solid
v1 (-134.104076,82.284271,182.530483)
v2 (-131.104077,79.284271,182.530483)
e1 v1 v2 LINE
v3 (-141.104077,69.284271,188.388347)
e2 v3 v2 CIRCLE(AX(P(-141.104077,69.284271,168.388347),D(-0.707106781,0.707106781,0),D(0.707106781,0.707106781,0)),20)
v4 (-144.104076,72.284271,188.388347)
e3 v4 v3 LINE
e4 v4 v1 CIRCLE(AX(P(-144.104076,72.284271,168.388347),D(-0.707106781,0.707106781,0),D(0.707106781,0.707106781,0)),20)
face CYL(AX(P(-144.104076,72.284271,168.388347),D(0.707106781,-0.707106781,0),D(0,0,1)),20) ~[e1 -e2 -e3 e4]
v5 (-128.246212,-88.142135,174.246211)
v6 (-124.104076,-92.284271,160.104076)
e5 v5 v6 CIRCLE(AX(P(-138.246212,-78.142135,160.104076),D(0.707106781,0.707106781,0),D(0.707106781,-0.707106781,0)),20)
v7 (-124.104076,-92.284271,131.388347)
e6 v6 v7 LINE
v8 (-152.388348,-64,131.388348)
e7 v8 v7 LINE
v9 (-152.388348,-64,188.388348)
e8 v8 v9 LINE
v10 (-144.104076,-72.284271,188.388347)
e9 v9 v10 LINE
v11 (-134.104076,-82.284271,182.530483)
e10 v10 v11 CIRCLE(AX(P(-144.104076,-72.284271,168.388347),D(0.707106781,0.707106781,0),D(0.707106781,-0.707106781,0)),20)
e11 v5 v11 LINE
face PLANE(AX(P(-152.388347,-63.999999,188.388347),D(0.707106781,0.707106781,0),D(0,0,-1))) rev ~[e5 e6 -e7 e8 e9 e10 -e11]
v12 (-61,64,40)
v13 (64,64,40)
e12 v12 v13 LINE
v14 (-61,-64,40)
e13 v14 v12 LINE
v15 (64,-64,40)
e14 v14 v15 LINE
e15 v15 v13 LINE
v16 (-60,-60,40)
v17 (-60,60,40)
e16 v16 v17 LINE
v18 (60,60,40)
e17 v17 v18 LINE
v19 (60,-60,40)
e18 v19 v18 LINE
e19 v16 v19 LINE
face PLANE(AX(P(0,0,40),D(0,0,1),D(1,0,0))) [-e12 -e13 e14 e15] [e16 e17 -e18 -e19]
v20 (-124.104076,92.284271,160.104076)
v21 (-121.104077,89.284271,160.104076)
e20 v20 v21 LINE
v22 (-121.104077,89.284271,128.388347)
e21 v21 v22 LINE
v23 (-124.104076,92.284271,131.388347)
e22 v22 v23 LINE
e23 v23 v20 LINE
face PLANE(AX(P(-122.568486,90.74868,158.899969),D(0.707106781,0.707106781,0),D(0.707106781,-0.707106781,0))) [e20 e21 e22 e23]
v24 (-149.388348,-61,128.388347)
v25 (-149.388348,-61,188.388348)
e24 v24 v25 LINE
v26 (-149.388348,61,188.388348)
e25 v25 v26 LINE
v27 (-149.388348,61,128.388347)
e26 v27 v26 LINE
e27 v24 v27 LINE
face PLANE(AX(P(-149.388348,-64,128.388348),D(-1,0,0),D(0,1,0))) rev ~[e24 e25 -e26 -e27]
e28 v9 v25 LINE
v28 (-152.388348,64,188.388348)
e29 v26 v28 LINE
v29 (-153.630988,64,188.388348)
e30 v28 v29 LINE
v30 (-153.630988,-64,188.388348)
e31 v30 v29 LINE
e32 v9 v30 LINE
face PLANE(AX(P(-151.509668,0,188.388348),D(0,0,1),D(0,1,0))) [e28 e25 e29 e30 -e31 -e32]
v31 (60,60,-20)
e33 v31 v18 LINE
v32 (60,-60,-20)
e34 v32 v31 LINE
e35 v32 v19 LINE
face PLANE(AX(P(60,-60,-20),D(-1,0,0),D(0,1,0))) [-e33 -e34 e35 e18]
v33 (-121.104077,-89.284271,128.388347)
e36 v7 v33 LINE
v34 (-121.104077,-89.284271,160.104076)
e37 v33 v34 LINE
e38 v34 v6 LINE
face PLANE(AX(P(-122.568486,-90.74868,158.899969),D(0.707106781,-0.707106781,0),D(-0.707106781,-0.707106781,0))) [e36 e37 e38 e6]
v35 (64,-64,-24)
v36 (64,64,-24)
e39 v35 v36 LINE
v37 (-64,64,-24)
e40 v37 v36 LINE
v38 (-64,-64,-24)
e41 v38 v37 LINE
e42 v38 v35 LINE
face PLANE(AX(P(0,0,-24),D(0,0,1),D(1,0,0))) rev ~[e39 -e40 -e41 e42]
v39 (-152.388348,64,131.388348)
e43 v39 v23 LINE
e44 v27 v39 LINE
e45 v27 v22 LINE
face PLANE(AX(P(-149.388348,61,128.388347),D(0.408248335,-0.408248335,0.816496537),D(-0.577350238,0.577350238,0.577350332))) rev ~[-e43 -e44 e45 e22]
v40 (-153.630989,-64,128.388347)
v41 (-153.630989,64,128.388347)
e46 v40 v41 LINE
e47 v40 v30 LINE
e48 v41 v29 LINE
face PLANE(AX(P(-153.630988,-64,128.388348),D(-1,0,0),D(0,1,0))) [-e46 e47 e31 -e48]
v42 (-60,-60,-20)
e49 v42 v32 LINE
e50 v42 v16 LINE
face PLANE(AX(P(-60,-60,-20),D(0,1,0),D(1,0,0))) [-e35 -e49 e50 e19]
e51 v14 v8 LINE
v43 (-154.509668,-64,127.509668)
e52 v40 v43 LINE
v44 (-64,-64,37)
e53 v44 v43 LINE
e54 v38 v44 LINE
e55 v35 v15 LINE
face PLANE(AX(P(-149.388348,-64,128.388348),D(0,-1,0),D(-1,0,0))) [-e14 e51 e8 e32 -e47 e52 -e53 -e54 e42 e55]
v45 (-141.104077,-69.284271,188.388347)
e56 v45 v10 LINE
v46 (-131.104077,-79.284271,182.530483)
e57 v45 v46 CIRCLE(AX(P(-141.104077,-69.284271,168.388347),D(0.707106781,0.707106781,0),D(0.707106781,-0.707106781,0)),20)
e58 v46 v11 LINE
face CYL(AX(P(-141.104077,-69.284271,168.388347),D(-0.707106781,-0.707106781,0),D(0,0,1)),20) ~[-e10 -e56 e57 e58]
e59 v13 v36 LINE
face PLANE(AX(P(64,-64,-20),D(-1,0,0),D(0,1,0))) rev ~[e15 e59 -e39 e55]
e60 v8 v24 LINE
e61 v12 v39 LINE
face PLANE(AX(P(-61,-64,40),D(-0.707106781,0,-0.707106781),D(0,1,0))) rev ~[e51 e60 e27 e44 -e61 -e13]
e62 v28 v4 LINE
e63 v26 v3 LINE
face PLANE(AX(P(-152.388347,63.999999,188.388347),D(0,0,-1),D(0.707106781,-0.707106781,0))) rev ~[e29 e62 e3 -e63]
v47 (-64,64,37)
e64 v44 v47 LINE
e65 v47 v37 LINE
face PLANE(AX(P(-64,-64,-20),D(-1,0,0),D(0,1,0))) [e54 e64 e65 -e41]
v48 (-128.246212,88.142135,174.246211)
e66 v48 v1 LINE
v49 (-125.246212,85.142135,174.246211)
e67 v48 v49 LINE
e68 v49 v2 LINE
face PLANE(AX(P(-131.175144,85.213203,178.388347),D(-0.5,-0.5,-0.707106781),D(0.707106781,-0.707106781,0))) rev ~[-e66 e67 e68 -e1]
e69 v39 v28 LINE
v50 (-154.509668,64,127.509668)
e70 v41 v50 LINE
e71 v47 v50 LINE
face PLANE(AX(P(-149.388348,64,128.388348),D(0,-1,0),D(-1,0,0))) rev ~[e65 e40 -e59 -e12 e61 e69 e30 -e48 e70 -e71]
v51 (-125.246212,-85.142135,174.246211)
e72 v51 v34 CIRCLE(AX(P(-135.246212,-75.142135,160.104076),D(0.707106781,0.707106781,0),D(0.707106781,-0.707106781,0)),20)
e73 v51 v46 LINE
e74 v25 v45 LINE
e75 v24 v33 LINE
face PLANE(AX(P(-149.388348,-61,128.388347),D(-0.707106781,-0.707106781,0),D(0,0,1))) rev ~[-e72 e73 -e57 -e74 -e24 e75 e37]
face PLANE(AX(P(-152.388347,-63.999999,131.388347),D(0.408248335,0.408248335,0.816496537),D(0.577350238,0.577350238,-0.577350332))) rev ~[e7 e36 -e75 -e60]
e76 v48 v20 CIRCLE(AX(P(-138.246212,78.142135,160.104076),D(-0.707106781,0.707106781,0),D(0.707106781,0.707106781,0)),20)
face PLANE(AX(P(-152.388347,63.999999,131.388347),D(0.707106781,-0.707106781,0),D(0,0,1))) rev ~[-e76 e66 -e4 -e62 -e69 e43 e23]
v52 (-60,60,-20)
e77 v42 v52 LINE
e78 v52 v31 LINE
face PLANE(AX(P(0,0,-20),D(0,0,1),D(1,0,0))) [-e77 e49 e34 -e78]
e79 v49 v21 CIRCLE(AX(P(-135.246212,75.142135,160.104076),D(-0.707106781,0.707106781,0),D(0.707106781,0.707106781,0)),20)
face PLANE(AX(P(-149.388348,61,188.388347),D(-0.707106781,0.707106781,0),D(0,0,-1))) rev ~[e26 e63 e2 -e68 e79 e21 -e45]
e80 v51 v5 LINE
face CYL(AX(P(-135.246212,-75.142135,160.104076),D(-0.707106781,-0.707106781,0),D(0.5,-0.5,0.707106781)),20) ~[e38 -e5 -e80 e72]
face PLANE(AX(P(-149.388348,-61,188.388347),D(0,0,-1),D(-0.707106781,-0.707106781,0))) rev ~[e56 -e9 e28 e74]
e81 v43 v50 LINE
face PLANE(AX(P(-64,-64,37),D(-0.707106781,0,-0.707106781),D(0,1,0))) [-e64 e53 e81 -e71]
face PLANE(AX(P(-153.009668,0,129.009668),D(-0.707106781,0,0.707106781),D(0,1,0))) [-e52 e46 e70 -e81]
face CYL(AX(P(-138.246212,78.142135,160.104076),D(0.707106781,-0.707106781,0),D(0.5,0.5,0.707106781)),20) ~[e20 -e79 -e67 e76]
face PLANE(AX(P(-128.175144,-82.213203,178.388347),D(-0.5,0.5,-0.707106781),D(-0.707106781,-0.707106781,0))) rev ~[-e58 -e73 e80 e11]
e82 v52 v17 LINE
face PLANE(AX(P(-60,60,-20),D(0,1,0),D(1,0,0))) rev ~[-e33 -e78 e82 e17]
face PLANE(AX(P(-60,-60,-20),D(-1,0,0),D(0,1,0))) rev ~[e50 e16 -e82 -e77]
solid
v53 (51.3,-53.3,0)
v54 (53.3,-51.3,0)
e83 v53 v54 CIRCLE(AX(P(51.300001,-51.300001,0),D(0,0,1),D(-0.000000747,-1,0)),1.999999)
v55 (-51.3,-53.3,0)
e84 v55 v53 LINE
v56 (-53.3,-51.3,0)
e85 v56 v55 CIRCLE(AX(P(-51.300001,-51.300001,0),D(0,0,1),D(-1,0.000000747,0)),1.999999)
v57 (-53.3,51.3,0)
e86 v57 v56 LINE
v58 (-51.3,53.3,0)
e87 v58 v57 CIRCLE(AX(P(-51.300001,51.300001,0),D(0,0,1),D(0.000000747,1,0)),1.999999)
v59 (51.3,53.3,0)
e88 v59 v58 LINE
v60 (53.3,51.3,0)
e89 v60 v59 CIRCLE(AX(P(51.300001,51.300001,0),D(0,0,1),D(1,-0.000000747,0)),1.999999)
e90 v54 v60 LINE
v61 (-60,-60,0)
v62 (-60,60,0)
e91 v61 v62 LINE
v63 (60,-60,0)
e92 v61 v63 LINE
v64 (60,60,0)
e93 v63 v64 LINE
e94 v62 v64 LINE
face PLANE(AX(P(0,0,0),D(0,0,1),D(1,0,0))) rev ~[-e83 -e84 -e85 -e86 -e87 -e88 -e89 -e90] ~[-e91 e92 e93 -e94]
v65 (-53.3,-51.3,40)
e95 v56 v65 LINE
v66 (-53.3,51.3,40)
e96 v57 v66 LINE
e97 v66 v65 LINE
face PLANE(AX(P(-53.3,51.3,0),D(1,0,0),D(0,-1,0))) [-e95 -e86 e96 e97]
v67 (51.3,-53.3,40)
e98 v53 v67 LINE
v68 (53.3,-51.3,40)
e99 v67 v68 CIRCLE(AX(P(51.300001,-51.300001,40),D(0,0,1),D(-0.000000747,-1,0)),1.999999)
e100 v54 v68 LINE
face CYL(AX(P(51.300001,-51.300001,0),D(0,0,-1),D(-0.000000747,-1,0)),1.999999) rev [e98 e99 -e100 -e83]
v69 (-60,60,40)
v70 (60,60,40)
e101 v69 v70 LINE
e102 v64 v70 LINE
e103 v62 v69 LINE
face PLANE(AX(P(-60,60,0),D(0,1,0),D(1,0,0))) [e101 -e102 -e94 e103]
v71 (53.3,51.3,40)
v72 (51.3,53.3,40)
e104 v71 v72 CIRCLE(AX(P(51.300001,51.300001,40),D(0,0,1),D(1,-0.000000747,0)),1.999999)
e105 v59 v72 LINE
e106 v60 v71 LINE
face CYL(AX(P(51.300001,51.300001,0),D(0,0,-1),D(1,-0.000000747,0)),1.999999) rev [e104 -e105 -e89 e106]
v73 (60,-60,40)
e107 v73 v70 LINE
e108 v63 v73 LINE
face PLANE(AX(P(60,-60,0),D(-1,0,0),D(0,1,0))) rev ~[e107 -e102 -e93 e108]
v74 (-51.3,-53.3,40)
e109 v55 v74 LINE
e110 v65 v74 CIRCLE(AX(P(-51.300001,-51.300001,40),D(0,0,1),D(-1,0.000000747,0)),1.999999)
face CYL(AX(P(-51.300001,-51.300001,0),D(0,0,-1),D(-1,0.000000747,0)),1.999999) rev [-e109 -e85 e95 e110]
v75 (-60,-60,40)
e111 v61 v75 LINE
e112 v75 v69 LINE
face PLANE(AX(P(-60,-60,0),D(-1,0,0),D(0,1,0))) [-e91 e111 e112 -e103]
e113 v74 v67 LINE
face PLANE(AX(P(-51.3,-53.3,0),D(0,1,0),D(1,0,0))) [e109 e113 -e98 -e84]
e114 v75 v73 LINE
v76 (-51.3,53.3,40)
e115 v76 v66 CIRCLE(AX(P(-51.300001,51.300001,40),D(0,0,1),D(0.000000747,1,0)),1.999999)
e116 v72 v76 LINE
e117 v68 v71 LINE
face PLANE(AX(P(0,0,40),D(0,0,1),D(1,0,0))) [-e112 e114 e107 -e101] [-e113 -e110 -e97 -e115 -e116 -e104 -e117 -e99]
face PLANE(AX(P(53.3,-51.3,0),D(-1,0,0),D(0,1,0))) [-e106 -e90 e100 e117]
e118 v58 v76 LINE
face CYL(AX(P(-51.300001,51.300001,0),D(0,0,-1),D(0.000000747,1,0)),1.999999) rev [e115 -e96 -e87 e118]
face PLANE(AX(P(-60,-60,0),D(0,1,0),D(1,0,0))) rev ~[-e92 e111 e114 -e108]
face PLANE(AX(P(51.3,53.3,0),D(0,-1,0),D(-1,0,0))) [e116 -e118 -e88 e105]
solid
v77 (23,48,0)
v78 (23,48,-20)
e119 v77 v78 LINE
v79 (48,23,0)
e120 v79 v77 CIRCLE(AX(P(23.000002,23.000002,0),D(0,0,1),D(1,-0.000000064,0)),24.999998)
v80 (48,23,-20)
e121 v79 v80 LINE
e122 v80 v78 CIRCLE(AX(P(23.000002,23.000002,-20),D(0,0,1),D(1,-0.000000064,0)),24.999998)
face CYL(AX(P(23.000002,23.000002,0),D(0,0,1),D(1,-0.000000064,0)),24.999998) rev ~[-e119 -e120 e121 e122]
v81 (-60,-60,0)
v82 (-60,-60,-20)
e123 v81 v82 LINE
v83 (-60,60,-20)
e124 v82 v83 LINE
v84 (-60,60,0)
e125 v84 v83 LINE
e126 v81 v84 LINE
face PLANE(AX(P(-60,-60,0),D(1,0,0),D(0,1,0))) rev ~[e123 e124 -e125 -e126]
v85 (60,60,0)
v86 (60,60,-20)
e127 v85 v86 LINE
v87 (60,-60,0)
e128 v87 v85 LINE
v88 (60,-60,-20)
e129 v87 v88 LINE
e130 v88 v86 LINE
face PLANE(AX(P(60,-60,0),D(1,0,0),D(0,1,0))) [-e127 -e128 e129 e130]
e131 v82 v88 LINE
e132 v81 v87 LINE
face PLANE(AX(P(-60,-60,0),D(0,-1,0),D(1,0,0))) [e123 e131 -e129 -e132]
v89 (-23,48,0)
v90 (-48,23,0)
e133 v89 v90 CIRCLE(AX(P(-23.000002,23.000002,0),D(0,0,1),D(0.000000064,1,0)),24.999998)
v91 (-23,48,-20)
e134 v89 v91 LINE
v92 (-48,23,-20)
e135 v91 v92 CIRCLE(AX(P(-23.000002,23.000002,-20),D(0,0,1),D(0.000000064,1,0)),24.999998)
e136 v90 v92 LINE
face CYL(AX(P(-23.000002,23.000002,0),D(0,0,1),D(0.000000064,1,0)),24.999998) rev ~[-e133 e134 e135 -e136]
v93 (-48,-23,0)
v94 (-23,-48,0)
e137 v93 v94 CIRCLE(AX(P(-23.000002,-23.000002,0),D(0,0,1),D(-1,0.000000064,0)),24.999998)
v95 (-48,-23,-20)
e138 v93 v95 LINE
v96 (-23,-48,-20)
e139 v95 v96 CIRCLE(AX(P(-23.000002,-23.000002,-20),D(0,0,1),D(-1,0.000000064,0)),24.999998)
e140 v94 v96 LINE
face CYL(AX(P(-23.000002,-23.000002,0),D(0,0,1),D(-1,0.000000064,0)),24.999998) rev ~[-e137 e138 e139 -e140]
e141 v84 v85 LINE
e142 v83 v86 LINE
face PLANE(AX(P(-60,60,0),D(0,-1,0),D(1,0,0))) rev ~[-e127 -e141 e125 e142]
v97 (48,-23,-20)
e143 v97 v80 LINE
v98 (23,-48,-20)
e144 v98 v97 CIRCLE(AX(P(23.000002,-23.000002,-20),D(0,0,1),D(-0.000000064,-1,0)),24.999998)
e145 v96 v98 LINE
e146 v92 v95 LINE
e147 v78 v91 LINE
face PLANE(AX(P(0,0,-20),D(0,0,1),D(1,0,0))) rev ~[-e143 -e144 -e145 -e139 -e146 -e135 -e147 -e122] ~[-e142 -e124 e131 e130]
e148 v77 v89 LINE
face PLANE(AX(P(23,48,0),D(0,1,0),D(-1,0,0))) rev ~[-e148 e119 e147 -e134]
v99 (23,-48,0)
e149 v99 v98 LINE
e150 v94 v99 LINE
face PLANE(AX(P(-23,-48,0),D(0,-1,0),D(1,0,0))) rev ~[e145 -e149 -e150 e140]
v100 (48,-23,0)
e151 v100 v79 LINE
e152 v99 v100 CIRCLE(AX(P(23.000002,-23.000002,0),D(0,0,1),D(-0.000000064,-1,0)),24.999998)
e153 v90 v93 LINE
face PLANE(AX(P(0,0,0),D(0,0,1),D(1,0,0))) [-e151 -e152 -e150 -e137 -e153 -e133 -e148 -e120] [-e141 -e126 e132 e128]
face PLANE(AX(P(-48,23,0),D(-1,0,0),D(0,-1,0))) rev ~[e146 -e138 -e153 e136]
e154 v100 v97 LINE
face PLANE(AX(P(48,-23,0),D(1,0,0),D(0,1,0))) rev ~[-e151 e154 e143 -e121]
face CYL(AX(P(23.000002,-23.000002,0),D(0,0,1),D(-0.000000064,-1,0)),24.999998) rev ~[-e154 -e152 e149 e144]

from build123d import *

# Parameters (mm, degrees)
SKETCH_W           = 120
SKETCH_H           = 120
PAD_DEPTH          = 40
SKETCH001_W        = 120
SKETCH001_H        = 120
PAD001_DEPTH       = 20
SKETCH002_W        = 128
SKETCH002_H        = 128
PAD002_DEPTH       = 4
SKETCH003_W        = 128
SKETCH003_H        = 128
SKETCH003_W_2      = 120
SKETCH003_H_2      = 120
PAD003_DEPTH       = 60
CHAMFER_SIZE       = 3
CHAMFER_FACE3_W    = 128
CHAMFER_FACE3_H    = 4.24264
PAD004_DEPTH       = 128
CHAMFER001_SIZE    = 3
CHAMFER001_FACE3_W = 128
CHAMFER001_FACE3_H = 4.24264
PAD005_DEPTH       = 60
CHAMFER002_SIZE    = 3
PAD006_DEPTH       = 40
PAD007_DEPTH       = 40
CHAMFER003_SIZE    = 20
FILLET_R           = 20


with BuildPart() as upper:
    # Sketch → Pad (new body)
    with BuildSketch(Plane.XY):
        Rectangle(SKETCH_W, SKETCH_H)
        with BuildLine():
            Line((-51.3, -53.3), (51.3, -53.3))
            ThreePointArc((51.3, -53.3), (52.714214, -52.714214), (53.3, -51.3))
            Line((53.3, -51.3), (53.3, 51.3))
            ThreePointArc((53.3, 51.3), (52.714214, 52.714214), (51.3, 53.3))
            Line((51.3, 53.3), (-51.3, 53.3))
            ThreePointArc((-51.3, 53.3), (-52.714214, 52.714214), (-53.3, 51.3))
            Line((-53.3, 51.3), (-53.3, -51.3))
            ThreePointArc((-53.3, -51.3), (-52.714214, -52.714214), (-51.3, -53.3))
        make_face(mode=Mode.SUBTRACT)
    extrude(amount=PAD_DEPTH)


with BuildPart() as lower:
    # Sketch001 → Pad001 (new body)
    with BuildSketch(Plane.XY):
        Rectangle(SKETCH001_W, SKETCH001_H)
        with BuildLine():
            Line((-23, -48), (23, -48))
            ThreePointArc((23, -48), (40.67767, -40.67767), (48, -23))
            Line((48, -23), (48, 23))
            ThreePointArc((48, 23), (40.67767, 40.67767), (23, 48))
            Line((23, 48), (-23, 48))
            ThreePointArc((-23, 48), (-40.67767, 40.67767), (-48, 23))
            Line((-48, 23), (-48, -23))
            ThreePointArc((-48, -23), (-40.67767, -40.67767), (-23, -48))
        make_face(mode=Mode.SUBTRACT)
    extrude(amount=-PAD001_DEPTH)


with BuildPart() as cardboard:
    # Sketch002 → Pad002 (new body)
    with BuildSketch(Plane.XY.offset(-20)):
        Rectangle(SKETCH002_W, SKETCH002_H)
    extrude(amount=-PAD002_DEPTH)

    # Sketch003 (on Face5 of Pad002) → Pad003 (join)
    with BuildSketch(Plane.XY.offset(-20)):
        Rectangle(SKETCH003_W, SKETCH003_H)
        Rectangle(SKETCH003_W_2, SKETCH003_H_2, mode=Mode.SUBTRACT)
    extrude(amount=PAD003_DEPTH)

    # Chamfer
    chamfer_edges = [cardboard.edges().sort_by_distance(p)[0] for p in [
        (-64, 0, 40),
    ]]
    chamfer(chamfer_edges, length=CHAMFER_SIZE)

    # Chamfer Face3 → Pad004 (add)
    with BuildSketch(Plane(origin=(-62.5, 0, 38.5), x_dir=(0, 1, 0), z_dir=(-0.707107, 0, 0.707107))):
        Rectangle(CHAMFER_FACE3_W, CHAMFER_FACE3_H)
    extrude(amount=PAD004_DEPTH)

    # Chamfer001
    chamfer001_edges = [cardboard.edges().sort_by_distance(p)[0] for p in [
        (-151.509668, 0, 130.509668),
    ]]
    chamfer(chamfer001_edges, length=CHAMFER001_SIZE)

    # Chamfer001 Face3 → Pad005 (add)
    with BuildSketch(Plane(origin=(-151.509668, 0, 128.388348), x_dir=(0, 1, 0), z_dir=(0, 0, 1))):
        Rectangle(CHAMFER001_FACE3_W, CHAMFER001_FACE3_H)
    extrude(amount=PAD005_DEPTH)

    # Chamfer002
    chamfer002_edges = [cardboard.edges().sort_by_distance(p)[0] for p in [
        (-149.388348, -64, 158.388348),
        (-149.388348, 64, 158.388348),
    ]]
    chamfer(chamfer002_edges, length=CHAMFER002_SIZE)

    # Chamfer002 Face4 → Pad006 (add)
    with BuildSketch(Plane(origin=(-150.875527, -62.487179, 159.131937), x_dir=(-0.707107, -0.707107, 0), z_dir=(0.707107, -0.707107, 0))):
        Polygon((2.139451, 27.74359), (-2.103189, 30.74359), (-2.103189, -29.25641), (2.139451, -29.25641), align=None)
    extrude(amount=PAD006_DEPTH)

    # Pad006 Face3 → Pad007 (add)
    with BuildSketch(Plane(origin=(-150.875527, 62.487179, 159.131937), x_dir=(0.707107, -0.707107, 0), z_dir=(0.707107, 0.707107, 0))):
        Polygon((2.103189, 30.74359), (-2.139451, 27.74359), (-2.139451, -29.25641), (2.103189, -29.25641), align=None)
    extrude(amount=PAD007_DEPTH)

    # Chamfer003
    chamfer003_edges = [cardboard.edges().sort_by_distance(p)[0] for p in [
        (-122.604076, -90.784271, 188.388348),
        (-122.604076, 90.784271, 188.388348),
    ]]
    chamfer(chamfer003_edges, length=CHAMFER003_SIZE)

    # Fillet
    fillet_edges = [cardboard.edges().sort_by_distance(p)[0] for p in [
        (-122.604076, -90.784271, 168.388348),
        (-136.746212, -76.642136, 188.388348),
        (-136.746212, 76.642136, 188.388348),
        (-122.604076, 90.784271, 168.388348),
    ]]
    fillet(fillet_edges, radius=FILLET_R)


solid = Compound([upper.part, lower.part, cardboard.part])
